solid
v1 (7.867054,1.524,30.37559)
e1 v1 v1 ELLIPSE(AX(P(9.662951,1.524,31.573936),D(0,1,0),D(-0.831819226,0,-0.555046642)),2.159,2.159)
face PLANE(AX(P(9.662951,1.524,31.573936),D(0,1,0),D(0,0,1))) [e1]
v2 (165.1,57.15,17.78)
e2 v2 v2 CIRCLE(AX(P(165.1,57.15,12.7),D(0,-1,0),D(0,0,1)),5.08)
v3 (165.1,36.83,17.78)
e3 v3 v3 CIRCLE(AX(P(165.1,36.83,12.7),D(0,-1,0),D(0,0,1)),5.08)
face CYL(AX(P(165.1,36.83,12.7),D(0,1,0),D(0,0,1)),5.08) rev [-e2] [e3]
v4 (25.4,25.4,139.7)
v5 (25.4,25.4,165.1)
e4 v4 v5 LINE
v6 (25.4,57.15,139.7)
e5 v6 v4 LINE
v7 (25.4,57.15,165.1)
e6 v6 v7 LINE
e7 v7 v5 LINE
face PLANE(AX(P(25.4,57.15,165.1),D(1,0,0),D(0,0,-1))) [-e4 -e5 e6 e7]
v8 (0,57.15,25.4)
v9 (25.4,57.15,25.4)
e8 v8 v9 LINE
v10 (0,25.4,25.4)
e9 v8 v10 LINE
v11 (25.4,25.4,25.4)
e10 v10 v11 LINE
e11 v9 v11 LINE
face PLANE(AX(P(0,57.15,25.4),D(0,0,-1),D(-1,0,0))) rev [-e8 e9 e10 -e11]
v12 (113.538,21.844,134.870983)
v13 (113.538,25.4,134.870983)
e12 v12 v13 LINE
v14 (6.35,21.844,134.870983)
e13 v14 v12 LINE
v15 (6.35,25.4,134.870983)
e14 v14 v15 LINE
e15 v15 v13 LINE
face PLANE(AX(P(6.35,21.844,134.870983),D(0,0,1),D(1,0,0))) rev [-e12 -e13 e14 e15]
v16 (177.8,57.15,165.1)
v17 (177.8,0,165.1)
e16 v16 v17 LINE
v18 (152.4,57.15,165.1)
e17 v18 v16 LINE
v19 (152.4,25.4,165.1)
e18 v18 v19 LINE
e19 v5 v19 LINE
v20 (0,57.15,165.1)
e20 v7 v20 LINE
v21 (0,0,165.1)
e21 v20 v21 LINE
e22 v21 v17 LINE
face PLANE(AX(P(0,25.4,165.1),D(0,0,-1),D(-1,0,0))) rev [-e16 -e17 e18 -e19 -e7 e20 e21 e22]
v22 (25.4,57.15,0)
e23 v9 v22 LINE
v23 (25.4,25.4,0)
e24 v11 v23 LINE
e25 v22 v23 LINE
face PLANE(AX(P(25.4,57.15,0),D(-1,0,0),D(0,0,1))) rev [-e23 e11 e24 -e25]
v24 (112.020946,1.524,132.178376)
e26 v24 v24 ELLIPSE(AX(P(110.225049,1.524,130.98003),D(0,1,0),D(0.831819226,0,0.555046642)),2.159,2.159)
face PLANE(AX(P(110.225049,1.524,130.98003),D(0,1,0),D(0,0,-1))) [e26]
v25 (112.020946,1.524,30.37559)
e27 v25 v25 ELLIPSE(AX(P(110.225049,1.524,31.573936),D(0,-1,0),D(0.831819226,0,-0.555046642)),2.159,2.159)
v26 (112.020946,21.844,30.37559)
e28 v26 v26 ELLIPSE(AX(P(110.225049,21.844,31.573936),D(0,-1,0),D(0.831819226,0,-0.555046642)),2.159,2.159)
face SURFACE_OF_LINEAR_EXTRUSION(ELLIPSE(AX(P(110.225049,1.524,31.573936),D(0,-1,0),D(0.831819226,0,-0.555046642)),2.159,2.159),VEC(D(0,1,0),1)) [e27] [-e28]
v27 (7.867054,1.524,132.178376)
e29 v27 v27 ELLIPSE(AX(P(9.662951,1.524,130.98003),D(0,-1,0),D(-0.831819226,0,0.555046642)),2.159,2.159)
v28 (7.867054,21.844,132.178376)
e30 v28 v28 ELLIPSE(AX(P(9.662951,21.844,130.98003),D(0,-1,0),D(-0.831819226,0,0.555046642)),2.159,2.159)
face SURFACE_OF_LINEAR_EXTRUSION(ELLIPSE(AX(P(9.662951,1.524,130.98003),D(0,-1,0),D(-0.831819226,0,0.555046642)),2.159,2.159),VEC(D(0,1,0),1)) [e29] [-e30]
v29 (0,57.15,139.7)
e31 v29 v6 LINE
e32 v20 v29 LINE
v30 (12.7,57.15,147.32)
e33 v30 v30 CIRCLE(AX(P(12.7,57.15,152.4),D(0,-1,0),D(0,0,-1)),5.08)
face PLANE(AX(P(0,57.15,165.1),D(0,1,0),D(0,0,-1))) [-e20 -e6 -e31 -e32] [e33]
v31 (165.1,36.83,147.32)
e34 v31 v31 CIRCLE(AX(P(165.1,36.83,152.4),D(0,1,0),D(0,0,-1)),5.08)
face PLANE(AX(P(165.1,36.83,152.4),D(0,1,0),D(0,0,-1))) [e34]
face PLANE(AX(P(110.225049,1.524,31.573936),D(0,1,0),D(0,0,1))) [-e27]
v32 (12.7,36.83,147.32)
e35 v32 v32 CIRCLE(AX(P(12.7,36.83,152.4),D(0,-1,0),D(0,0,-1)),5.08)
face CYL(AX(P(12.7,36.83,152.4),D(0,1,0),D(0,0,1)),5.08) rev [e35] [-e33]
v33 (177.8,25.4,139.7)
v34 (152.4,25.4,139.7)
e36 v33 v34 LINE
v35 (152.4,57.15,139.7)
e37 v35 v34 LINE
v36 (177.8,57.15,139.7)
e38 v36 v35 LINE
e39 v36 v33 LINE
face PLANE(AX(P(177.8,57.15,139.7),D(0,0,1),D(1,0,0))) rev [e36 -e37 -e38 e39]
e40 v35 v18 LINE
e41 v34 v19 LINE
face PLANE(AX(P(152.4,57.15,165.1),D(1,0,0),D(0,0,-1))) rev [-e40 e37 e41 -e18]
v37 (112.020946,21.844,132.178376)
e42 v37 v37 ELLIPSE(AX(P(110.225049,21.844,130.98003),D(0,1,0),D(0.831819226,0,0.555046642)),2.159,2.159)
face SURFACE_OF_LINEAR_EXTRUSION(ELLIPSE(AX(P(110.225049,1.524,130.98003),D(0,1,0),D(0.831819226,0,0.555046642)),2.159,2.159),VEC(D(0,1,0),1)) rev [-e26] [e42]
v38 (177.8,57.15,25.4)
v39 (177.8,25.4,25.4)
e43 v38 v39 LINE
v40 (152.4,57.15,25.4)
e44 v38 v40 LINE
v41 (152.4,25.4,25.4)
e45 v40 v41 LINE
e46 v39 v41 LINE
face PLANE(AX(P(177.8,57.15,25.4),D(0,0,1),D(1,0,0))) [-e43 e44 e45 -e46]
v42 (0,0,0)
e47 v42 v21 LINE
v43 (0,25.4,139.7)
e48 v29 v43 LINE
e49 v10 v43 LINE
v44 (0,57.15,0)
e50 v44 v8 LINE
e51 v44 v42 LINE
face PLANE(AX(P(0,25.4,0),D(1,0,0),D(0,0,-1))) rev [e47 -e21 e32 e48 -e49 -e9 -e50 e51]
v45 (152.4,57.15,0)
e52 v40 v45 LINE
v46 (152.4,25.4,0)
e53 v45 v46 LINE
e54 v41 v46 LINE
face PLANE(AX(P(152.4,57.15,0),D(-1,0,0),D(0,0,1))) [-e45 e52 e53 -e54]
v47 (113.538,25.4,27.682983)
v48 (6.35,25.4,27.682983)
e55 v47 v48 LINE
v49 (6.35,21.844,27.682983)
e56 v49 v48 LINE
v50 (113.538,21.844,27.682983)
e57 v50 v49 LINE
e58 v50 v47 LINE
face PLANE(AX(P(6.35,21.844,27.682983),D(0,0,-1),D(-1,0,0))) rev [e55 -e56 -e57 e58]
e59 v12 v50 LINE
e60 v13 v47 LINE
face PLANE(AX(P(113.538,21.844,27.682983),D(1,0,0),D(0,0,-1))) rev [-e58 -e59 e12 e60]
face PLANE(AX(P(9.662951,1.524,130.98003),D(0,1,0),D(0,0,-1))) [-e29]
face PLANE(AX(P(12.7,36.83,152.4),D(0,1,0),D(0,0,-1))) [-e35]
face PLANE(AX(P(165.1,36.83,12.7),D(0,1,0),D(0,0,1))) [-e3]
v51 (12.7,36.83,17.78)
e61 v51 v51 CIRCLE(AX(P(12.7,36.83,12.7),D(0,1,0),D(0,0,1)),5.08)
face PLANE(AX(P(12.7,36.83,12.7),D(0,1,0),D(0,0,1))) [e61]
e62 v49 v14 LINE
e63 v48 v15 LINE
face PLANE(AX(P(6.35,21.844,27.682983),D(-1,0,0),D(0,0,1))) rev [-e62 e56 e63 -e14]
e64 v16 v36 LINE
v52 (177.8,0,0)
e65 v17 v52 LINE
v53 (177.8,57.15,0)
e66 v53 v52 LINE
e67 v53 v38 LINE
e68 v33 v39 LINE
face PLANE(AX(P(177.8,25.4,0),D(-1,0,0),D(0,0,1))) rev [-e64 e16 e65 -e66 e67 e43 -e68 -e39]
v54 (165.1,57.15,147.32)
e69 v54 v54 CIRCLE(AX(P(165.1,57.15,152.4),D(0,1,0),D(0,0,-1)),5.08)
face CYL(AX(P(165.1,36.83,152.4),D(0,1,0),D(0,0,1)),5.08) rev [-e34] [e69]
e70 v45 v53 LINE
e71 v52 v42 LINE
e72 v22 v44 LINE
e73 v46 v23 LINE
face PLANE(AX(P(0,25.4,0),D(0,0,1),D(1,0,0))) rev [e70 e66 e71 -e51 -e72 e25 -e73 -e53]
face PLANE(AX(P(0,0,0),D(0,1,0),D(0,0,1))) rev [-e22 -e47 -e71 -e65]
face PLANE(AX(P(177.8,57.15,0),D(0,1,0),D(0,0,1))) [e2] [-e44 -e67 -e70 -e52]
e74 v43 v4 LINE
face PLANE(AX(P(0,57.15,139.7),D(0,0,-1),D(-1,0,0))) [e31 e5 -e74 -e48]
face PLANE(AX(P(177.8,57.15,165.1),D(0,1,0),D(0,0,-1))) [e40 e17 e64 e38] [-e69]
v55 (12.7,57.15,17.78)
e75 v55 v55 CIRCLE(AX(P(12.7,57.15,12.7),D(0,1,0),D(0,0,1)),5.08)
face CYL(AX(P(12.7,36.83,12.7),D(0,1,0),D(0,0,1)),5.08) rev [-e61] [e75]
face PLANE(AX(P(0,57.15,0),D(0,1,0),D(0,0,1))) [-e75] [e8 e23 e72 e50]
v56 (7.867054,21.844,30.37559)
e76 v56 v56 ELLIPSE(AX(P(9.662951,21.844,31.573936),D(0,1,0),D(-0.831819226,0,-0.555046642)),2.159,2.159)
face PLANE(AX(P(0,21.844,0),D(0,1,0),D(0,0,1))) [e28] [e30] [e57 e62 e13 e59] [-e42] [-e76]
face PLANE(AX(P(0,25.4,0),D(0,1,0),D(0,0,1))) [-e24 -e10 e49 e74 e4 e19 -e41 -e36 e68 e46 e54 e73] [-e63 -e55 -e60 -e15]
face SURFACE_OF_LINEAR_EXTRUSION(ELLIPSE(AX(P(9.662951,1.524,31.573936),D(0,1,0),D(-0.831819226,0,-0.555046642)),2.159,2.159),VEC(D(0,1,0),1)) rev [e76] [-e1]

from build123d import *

# Parameters (mm, degrees)
SKETCH2_W                = 177.8
SKETCH2_H                = 165.1
BOSS_EXTRUDE1_DEPTH      = 25.4
SKETCH6_W                = 25.4
SKETCH6_H                = 25.4
BOSS_EXTRUDE2_DEPTH      = 31.75
MIRROR2_COPY_1_SKETCH_W  = 25.4
MIRROR2_COPY_1_SKETCH_H  = 25.4
MIRROR2_COPY_1_DEPTH     = 31.75
MIRROR2_COPY_2_SKETCH_W  = 25.4
MIRROR2_COPY_2_SKETCH_H  = 25.4
MIRROR2_COPY_2_DEPTH     = 31.75
SKETCH9_W                = 107.188
SKETCH9_H                = 107.188
CUT_EXTRUDE3_DEPTH       = 3.556
SKETCH10_RX              = 2.159
SKETCH10_RY              = 2.159
CUT_EXTRUDE4_DEPTH       = 20.32
MIRROR4_COPY_1_SKETCH_RX = 2.159
MIRROR4_COPY_1_SKETCH_RY = 2.159
MIRROR4_COPY_1_DEPTH     = 20.32
MIRROR4_COPY_2_SKETCH_RX = 2.159
MIRROR4_COPY_2_SKETCH_RY = 2.159
MIRROR4_COPY_2_DEPTH     = 20.32
SKETCH14_R               = 5.08
CUT_EXTRUDE5_DEPTH       = 20.32
MIRROR6_COPY_1_SKETCH_R  = 5.08
MIRROR6_COPY_1_DEPTH     = 20.32
MIRROR6_COPY_2_SKETCH_R  = 5.08
MIRROR6_COPY_2_DEPTH     = 20.32


with BuildPart() as part:
    # Sketch2 → Boss-Extrude1 (new body)
    with BuildSketch(Plane(origin=(0, 0, 0), x_dir=(1, 0, 0), z_dir=(0, 1, 0))):
        with Locations((88.9, -82.55)):
            Rectangle(SKETCH2_W, SKETCH2_H)
    extrude(amount=BOSS_EXTRUDE1_DEPTH)

    # Sketch6 → Boss-Extrude2 (add)
    with BuildSketch(Plane(origin=(0, 25.4, 0), x_dir=(1, 0, 0), z_dir=(0, 1, 0))):
        with Locations((12.7, -12.7)):
            Rectangle(SKETCH6_W, SKETCH6_H)
    boss_extrude2 = extrude(amount=BOSS_EXTRUDE2_DEPTH)

    # Mirror1: Boss-Extrude2 across plane
    add(boss_extrude2.mirror(Plane(origin=(0, 0, 82.55), x_dir=(1, 0, 0), z_dir=(0, 0, -1))))

    # Mirror2 copy 1 sketch → Mirror2 copy 1 (add)
    with BuildSketch(Plane(origin=(177.8, 25.4, 165.1), x_dir=(-1, 0, 0), z_dir=(0, 1, 0))):
        with Locations((12.7, -12.7)):
            Rectangle(MIRROR2_COPY_1_SKETCH_W, MIRROR2_COPY_1_SKETCH_H)
    extrude(amount=MIRROR2_COPY_1_DEPTH)

    # Mirror2 copy 2 sketch → Mirror2 copy 2 (add)
    with BuildSketch(Plane(origin=(177.8, 25.4, 0), x_dir=(-1, 0, 0), z_dir=(0, 1, 0))):
        with Locations((12.7, 12.7)):
            Rectangle(MIRROR2_COPY_2_SKETCH_W, MIRROR2_COPY_2_SKETCH_H)
    extrude(amount=MIRROR2_COPY_2_DEPTH)

    # Sketch9 → Cut-Extrude3 (cut)
    with BuildSketch(Plane(origin=(0, 25.4, 0), x_dir=(1, 0, 0), z_dir=(0, 1, 0))):
        with Locations((59.944, -81.276983136)):
            Rectangle(SKETCH9_W, SKETCH9_H)
    extrude(amount=-CUT_EXTRUDE3_DEPTH, mode=Mode.SUBTRACT)

    # Sketch10 → Cut-Extrude4 (cut)
    with BuildSketch(Plane(origin=(0, 21.844, 0), x_dir=(1, 0, 0), z_dir=(0, 1, 0))):
        with Locations(Location((9.662951288, -31.573935809), (0, 0, 56.28607255))):
            Ellipse(SKETCH10_RX, SKETCH10_RY)
    cut_extrude4 = extrude(amount=-CUT_EXTRUDE4_DEPTH, mode=Mode.SUBTRACT)

    # Mirror3: Cut-Extrude4 across plane
    add(cut_extrude4.mirror(Plane.XY.offset(81.276983136)), mode=Mode.SUBTRACT)

    # Mirror4 copy 1 sketch → Mirror4 copy 1 (cut)
    with BuildSketch(Plane(origin=(119.888, 21.844, 162.553966273), x_dir=(-1, 0, 0), z_dir=(0, 1, 0))):
        with Locations(Location((9.662951288, -31.573935809), (0, 0, 56.28607255))):
            Ellipse(MIRROR4_COPY_1_SKETCH_RX, MIRROR4_COPY_1_SKETCH_RY)
    extrude(amount=-MIRROR4_COPY_1_DEPTH, mode=Mode.SUBTRACT)

    # Mirror4 copy 2 sketch → Mirror4 copy 2 (cut)
    with BuildSketch(Plane(origin=(119.888, 21.844, 0), x_dir=(-1, 0, 0), z_dir=(0, 1, 0))):
        with Locations(Location((9.662951288, 31.573935809), (0, 0, -56.28607255))):
            Ellipse(MIRROR4_COPY_2_SKETCH_RX, MIRROR4_COPY_2_SKETCH_RY)
    extrude(amount=-MIRROR4_COPY_2_DEPTH, mode=Mode.SUBTRACT)

    # Sketch14 → Cut-Extrude5 (cut)
    with BuildSketch(Plane(origin=(0, 57.15, 0), x_dir=(1, 0, 0), z_dir=(0, 1, 0))):
        with Locations((12.7, -12.7)):
            Circle(SKETCH14_R)
    cut_extrude5 = extrude(amount=-CUT_EXTRUDE5_DEPTH, mode=Mode.SUBTRACT)

    # Mirror5: Cut-Extrude5 across plane
    add(cut_extrude5.mirror(Plane.ZY.offset(-88.9)), mode=Mode.SUBTRACT)

    # Mirror6 copy 1 sketch → Mirror6 copy 1 (cut)
    with BuildSketch(Plane(origin=(177.8, 57.15, 165.1), x_dir=(-1, 0, 0), z_dir=(0, 1, 0))):
        with Locations((12.7, -12.7)):
            Circle(MIRROR6_COPY_1_SKETCH_R)
    extrude(amount=-MIRROR6_COPY_1_DEPTH, mode=Mode.SUBTRACT)

    # Mirror6 copy 2 sketch → Mirror6 copy 2 (cut)
    with BuildSketch(Plane(origin=(0, 57.15, 165.1), x_dir=(1, 0, 0), z_dir=(0, 1, 0))):
        with Locations((12.7, 12.7)):
            Circle(MIRROR6_COPY_2_SKETCH_R)
    extrude(amount=-MIRROR6_COPY_2_DEPTH, mode=Mode.SUBTRACT)


solid = part.part
